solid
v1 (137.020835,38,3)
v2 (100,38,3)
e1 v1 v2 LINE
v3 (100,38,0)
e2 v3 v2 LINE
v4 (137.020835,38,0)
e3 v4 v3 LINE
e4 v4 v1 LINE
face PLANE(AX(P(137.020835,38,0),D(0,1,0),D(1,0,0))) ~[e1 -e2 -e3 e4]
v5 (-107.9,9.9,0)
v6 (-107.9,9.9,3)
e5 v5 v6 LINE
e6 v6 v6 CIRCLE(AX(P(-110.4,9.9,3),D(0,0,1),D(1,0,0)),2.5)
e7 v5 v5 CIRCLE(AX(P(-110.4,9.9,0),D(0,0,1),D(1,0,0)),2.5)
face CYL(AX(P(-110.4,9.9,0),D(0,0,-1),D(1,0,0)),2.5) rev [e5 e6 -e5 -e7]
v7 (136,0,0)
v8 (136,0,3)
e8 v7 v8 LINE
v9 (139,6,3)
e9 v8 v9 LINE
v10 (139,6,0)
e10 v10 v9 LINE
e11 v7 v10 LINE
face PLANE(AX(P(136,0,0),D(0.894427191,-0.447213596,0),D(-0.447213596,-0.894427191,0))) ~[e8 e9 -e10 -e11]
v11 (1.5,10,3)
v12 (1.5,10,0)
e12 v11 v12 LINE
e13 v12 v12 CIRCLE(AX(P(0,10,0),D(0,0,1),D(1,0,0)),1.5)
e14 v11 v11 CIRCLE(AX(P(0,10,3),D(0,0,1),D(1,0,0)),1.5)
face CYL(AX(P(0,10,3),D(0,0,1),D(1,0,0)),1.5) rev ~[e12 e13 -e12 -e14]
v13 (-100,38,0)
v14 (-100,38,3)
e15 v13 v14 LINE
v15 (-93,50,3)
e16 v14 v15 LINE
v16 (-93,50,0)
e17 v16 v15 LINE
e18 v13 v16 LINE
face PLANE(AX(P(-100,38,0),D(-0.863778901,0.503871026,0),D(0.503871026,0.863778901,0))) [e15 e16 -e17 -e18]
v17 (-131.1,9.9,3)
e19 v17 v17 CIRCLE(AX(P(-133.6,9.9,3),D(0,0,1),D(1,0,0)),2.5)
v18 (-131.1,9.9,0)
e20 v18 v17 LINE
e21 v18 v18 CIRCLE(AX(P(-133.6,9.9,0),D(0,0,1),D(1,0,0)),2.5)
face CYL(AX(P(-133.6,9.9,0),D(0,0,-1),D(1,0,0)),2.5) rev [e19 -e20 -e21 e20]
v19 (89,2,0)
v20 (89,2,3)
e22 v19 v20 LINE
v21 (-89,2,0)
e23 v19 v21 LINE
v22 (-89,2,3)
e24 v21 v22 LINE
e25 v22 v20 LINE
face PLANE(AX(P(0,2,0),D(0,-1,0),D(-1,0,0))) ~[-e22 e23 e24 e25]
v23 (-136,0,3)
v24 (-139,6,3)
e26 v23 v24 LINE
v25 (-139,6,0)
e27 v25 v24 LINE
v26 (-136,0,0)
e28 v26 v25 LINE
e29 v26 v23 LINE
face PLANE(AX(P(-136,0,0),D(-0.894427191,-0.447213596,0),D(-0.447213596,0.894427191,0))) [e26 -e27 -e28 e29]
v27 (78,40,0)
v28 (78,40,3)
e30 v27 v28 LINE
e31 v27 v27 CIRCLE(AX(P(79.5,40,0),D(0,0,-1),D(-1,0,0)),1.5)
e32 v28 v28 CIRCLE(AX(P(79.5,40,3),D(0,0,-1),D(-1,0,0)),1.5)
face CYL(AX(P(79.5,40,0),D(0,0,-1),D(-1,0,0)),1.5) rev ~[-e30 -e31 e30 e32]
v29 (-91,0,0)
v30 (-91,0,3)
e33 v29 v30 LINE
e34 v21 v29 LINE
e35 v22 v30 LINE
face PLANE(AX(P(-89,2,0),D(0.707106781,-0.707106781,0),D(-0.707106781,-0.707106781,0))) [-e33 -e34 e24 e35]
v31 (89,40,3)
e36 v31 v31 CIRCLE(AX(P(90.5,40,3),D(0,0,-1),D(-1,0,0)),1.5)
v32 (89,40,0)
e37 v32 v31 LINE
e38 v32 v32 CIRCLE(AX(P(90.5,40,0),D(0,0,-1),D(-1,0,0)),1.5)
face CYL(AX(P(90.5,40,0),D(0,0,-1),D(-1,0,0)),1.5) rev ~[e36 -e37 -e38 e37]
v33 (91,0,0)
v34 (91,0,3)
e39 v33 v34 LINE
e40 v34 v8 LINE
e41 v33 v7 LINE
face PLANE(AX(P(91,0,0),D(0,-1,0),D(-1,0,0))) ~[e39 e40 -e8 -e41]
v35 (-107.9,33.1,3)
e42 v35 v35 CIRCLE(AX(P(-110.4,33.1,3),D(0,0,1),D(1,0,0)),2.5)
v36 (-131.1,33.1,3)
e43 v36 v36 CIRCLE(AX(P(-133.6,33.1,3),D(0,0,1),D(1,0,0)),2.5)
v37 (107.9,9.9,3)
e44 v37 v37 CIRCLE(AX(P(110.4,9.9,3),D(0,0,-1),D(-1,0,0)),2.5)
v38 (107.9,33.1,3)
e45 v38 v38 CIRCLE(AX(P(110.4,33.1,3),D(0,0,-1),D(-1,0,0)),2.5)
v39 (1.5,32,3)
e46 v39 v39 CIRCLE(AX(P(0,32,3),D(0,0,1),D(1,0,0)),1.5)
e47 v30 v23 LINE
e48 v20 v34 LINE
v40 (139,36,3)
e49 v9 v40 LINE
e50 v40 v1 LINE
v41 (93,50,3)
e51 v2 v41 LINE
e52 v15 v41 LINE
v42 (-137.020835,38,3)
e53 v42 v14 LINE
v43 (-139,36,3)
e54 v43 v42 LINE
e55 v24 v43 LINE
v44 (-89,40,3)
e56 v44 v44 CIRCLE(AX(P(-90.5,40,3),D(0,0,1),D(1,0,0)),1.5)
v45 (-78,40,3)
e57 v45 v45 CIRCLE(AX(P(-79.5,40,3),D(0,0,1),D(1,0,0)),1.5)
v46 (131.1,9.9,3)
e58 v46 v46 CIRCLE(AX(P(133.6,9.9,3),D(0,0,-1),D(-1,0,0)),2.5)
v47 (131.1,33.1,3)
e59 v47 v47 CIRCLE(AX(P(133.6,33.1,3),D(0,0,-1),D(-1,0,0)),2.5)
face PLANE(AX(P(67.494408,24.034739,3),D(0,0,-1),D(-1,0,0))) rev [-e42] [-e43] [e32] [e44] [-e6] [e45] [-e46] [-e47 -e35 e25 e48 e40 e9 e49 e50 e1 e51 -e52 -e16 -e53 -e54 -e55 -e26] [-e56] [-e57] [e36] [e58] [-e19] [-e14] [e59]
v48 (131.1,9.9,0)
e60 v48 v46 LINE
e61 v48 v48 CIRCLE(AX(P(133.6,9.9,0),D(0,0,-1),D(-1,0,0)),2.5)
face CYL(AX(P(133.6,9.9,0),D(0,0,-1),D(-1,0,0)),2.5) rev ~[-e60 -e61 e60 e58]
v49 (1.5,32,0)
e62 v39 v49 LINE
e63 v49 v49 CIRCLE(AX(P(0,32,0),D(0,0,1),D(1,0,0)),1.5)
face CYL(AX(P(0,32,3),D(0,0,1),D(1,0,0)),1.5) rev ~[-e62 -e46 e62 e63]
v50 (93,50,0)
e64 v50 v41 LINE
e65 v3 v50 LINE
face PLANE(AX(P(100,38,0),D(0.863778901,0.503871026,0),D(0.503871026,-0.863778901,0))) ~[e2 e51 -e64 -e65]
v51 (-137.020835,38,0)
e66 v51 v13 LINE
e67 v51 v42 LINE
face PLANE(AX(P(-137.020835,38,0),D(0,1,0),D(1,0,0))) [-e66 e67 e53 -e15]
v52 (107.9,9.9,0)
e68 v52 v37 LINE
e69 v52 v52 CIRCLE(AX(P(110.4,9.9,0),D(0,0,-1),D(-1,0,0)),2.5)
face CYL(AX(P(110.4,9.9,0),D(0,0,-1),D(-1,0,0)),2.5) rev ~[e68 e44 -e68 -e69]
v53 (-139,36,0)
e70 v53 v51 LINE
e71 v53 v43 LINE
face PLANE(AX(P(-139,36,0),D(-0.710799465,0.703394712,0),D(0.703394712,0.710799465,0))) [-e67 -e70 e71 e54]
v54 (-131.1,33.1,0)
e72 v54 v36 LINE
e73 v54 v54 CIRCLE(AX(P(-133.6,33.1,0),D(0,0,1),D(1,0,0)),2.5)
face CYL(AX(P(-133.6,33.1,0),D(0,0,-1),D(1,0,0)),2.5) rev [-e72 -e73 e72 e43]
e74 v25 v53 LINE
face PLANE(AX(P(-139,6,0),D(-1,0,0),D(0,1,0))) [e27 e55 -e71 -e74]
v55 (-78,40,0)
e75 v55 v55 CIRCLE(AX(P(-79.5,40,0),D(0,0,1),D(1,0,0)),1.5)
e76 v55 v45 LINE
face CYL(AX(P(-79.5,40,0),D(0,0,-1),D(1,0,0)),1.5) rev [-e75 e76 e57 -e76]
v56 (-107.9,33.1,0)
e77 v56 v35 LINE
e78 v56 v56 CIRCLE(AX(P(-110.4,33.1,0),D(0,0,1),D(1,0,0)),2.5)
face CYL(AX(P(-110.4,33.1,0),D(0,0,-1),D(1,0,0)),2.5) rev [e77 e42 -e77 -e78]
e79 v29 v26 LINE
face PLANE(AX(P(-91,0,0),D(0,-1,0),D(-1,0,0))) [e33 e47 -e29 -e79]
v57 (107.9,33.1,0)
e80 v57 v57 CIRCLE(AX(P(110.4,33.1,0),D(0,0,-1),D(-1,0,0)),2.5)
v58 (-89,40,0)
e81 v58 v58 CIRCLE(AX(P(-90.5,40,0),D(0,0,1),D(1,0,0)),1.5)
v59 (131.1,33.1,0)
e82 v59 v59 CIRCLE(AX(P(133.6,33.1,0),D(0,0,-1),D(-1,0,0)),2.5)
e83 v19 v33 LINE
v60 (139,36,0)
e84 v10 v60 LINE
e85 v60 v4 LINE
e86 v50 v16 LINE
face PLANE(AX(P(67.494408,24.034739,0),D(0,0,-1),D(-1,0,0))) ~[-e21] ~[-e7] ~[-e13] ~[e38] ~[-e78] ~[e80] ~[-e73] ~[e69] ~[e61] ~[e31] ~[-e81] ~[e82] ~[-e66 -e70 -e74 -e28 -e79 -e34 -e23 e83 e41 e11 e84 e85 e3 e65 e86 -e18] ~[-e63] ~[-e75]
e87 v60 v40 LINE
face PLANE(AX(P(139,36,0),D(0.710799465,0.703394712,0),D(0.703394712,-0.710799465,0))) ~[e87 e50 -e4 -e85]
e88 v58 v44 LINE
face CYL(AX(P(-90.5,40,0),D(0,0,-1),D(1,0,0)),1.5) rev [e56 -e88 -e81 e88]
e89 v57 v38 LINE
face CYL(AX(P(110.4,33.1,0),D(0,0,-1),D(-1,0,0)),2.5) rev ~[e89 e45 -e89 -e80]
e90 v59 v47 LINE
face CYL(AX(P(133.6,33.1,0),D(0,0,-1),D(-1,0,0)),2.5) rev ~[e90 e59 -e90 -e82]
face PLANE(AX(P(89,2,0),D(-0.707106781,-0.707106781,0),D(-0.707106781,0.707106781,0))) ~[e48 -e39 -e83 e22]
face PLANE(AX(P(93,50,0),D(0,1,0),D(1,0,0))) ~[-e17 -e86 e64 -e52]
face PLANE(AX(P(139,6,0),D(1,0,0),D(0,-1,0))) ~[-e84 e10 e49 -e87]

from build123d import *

# Parameters (mm, degrees)
SKETCH_R     = 2.5
SKETCH_R_2   = 1.5
PAD_DEPTH    = 3
SKETCH001_R  = 1.5
POCKET_DEPTH = 3.001


with BuildPart() as part:
    # Sketch → Pad (new body)
    with BuildSketch(Plane.XY):
        Polygon((0, 50), (0, 2), (-89, 2), (-91, 0), (-136, 0), (-139, 6), (-139, 36), (-137.020835, 38), (-100, 38), (-93, 50), align=None)
        with Locations((-133.6, 33.1)):
            Circle(SKETCH_R, mode=Mode.SUBTRACT)
        with Locations((-110.4, 33.1)):
            Circle(SKETCH_R, mode=Mode.SUBTRACT)
        with Locations((-110.4, 9.9)):
            Circle(SKETCH_R, mode=Mode.SUBTRACT)
        with Locations((-133.6, 9.9)):
            Circle(SKETCH_R, mode=Mode.SUBTRACT)
        with Locations((-90.5, 40)):
            Circle(SKETCH_R_2, mode=Mode.SUBTRACT)
        with Locations((-79.5, 40)):
            Circle(SKETCH_R_2, mode=Mode.SUBTRACT)
    pad = extrude(amount=PAD_DEPTH)

    # Mirrored: Pad across Sketch V_Axis
    add(pad.mirror(Plane(origin=(0, 0, 0), x_dir=(0, 0, 1), z_dir=(1, 0, 0))))

    # Sketch001 → Pocket (cut, through all)
    with BuildSketch(Plane.XY.offset(3)):
        with Locations((0, 32)):
            Circle(SKETCH001_R)
        with Locations((0, 10)):
            Circle(SKETCH001_R)
    extrude(amount=-POCKET_DEPTH, mode=Mode.SUBTRACT)


solid = part.part
